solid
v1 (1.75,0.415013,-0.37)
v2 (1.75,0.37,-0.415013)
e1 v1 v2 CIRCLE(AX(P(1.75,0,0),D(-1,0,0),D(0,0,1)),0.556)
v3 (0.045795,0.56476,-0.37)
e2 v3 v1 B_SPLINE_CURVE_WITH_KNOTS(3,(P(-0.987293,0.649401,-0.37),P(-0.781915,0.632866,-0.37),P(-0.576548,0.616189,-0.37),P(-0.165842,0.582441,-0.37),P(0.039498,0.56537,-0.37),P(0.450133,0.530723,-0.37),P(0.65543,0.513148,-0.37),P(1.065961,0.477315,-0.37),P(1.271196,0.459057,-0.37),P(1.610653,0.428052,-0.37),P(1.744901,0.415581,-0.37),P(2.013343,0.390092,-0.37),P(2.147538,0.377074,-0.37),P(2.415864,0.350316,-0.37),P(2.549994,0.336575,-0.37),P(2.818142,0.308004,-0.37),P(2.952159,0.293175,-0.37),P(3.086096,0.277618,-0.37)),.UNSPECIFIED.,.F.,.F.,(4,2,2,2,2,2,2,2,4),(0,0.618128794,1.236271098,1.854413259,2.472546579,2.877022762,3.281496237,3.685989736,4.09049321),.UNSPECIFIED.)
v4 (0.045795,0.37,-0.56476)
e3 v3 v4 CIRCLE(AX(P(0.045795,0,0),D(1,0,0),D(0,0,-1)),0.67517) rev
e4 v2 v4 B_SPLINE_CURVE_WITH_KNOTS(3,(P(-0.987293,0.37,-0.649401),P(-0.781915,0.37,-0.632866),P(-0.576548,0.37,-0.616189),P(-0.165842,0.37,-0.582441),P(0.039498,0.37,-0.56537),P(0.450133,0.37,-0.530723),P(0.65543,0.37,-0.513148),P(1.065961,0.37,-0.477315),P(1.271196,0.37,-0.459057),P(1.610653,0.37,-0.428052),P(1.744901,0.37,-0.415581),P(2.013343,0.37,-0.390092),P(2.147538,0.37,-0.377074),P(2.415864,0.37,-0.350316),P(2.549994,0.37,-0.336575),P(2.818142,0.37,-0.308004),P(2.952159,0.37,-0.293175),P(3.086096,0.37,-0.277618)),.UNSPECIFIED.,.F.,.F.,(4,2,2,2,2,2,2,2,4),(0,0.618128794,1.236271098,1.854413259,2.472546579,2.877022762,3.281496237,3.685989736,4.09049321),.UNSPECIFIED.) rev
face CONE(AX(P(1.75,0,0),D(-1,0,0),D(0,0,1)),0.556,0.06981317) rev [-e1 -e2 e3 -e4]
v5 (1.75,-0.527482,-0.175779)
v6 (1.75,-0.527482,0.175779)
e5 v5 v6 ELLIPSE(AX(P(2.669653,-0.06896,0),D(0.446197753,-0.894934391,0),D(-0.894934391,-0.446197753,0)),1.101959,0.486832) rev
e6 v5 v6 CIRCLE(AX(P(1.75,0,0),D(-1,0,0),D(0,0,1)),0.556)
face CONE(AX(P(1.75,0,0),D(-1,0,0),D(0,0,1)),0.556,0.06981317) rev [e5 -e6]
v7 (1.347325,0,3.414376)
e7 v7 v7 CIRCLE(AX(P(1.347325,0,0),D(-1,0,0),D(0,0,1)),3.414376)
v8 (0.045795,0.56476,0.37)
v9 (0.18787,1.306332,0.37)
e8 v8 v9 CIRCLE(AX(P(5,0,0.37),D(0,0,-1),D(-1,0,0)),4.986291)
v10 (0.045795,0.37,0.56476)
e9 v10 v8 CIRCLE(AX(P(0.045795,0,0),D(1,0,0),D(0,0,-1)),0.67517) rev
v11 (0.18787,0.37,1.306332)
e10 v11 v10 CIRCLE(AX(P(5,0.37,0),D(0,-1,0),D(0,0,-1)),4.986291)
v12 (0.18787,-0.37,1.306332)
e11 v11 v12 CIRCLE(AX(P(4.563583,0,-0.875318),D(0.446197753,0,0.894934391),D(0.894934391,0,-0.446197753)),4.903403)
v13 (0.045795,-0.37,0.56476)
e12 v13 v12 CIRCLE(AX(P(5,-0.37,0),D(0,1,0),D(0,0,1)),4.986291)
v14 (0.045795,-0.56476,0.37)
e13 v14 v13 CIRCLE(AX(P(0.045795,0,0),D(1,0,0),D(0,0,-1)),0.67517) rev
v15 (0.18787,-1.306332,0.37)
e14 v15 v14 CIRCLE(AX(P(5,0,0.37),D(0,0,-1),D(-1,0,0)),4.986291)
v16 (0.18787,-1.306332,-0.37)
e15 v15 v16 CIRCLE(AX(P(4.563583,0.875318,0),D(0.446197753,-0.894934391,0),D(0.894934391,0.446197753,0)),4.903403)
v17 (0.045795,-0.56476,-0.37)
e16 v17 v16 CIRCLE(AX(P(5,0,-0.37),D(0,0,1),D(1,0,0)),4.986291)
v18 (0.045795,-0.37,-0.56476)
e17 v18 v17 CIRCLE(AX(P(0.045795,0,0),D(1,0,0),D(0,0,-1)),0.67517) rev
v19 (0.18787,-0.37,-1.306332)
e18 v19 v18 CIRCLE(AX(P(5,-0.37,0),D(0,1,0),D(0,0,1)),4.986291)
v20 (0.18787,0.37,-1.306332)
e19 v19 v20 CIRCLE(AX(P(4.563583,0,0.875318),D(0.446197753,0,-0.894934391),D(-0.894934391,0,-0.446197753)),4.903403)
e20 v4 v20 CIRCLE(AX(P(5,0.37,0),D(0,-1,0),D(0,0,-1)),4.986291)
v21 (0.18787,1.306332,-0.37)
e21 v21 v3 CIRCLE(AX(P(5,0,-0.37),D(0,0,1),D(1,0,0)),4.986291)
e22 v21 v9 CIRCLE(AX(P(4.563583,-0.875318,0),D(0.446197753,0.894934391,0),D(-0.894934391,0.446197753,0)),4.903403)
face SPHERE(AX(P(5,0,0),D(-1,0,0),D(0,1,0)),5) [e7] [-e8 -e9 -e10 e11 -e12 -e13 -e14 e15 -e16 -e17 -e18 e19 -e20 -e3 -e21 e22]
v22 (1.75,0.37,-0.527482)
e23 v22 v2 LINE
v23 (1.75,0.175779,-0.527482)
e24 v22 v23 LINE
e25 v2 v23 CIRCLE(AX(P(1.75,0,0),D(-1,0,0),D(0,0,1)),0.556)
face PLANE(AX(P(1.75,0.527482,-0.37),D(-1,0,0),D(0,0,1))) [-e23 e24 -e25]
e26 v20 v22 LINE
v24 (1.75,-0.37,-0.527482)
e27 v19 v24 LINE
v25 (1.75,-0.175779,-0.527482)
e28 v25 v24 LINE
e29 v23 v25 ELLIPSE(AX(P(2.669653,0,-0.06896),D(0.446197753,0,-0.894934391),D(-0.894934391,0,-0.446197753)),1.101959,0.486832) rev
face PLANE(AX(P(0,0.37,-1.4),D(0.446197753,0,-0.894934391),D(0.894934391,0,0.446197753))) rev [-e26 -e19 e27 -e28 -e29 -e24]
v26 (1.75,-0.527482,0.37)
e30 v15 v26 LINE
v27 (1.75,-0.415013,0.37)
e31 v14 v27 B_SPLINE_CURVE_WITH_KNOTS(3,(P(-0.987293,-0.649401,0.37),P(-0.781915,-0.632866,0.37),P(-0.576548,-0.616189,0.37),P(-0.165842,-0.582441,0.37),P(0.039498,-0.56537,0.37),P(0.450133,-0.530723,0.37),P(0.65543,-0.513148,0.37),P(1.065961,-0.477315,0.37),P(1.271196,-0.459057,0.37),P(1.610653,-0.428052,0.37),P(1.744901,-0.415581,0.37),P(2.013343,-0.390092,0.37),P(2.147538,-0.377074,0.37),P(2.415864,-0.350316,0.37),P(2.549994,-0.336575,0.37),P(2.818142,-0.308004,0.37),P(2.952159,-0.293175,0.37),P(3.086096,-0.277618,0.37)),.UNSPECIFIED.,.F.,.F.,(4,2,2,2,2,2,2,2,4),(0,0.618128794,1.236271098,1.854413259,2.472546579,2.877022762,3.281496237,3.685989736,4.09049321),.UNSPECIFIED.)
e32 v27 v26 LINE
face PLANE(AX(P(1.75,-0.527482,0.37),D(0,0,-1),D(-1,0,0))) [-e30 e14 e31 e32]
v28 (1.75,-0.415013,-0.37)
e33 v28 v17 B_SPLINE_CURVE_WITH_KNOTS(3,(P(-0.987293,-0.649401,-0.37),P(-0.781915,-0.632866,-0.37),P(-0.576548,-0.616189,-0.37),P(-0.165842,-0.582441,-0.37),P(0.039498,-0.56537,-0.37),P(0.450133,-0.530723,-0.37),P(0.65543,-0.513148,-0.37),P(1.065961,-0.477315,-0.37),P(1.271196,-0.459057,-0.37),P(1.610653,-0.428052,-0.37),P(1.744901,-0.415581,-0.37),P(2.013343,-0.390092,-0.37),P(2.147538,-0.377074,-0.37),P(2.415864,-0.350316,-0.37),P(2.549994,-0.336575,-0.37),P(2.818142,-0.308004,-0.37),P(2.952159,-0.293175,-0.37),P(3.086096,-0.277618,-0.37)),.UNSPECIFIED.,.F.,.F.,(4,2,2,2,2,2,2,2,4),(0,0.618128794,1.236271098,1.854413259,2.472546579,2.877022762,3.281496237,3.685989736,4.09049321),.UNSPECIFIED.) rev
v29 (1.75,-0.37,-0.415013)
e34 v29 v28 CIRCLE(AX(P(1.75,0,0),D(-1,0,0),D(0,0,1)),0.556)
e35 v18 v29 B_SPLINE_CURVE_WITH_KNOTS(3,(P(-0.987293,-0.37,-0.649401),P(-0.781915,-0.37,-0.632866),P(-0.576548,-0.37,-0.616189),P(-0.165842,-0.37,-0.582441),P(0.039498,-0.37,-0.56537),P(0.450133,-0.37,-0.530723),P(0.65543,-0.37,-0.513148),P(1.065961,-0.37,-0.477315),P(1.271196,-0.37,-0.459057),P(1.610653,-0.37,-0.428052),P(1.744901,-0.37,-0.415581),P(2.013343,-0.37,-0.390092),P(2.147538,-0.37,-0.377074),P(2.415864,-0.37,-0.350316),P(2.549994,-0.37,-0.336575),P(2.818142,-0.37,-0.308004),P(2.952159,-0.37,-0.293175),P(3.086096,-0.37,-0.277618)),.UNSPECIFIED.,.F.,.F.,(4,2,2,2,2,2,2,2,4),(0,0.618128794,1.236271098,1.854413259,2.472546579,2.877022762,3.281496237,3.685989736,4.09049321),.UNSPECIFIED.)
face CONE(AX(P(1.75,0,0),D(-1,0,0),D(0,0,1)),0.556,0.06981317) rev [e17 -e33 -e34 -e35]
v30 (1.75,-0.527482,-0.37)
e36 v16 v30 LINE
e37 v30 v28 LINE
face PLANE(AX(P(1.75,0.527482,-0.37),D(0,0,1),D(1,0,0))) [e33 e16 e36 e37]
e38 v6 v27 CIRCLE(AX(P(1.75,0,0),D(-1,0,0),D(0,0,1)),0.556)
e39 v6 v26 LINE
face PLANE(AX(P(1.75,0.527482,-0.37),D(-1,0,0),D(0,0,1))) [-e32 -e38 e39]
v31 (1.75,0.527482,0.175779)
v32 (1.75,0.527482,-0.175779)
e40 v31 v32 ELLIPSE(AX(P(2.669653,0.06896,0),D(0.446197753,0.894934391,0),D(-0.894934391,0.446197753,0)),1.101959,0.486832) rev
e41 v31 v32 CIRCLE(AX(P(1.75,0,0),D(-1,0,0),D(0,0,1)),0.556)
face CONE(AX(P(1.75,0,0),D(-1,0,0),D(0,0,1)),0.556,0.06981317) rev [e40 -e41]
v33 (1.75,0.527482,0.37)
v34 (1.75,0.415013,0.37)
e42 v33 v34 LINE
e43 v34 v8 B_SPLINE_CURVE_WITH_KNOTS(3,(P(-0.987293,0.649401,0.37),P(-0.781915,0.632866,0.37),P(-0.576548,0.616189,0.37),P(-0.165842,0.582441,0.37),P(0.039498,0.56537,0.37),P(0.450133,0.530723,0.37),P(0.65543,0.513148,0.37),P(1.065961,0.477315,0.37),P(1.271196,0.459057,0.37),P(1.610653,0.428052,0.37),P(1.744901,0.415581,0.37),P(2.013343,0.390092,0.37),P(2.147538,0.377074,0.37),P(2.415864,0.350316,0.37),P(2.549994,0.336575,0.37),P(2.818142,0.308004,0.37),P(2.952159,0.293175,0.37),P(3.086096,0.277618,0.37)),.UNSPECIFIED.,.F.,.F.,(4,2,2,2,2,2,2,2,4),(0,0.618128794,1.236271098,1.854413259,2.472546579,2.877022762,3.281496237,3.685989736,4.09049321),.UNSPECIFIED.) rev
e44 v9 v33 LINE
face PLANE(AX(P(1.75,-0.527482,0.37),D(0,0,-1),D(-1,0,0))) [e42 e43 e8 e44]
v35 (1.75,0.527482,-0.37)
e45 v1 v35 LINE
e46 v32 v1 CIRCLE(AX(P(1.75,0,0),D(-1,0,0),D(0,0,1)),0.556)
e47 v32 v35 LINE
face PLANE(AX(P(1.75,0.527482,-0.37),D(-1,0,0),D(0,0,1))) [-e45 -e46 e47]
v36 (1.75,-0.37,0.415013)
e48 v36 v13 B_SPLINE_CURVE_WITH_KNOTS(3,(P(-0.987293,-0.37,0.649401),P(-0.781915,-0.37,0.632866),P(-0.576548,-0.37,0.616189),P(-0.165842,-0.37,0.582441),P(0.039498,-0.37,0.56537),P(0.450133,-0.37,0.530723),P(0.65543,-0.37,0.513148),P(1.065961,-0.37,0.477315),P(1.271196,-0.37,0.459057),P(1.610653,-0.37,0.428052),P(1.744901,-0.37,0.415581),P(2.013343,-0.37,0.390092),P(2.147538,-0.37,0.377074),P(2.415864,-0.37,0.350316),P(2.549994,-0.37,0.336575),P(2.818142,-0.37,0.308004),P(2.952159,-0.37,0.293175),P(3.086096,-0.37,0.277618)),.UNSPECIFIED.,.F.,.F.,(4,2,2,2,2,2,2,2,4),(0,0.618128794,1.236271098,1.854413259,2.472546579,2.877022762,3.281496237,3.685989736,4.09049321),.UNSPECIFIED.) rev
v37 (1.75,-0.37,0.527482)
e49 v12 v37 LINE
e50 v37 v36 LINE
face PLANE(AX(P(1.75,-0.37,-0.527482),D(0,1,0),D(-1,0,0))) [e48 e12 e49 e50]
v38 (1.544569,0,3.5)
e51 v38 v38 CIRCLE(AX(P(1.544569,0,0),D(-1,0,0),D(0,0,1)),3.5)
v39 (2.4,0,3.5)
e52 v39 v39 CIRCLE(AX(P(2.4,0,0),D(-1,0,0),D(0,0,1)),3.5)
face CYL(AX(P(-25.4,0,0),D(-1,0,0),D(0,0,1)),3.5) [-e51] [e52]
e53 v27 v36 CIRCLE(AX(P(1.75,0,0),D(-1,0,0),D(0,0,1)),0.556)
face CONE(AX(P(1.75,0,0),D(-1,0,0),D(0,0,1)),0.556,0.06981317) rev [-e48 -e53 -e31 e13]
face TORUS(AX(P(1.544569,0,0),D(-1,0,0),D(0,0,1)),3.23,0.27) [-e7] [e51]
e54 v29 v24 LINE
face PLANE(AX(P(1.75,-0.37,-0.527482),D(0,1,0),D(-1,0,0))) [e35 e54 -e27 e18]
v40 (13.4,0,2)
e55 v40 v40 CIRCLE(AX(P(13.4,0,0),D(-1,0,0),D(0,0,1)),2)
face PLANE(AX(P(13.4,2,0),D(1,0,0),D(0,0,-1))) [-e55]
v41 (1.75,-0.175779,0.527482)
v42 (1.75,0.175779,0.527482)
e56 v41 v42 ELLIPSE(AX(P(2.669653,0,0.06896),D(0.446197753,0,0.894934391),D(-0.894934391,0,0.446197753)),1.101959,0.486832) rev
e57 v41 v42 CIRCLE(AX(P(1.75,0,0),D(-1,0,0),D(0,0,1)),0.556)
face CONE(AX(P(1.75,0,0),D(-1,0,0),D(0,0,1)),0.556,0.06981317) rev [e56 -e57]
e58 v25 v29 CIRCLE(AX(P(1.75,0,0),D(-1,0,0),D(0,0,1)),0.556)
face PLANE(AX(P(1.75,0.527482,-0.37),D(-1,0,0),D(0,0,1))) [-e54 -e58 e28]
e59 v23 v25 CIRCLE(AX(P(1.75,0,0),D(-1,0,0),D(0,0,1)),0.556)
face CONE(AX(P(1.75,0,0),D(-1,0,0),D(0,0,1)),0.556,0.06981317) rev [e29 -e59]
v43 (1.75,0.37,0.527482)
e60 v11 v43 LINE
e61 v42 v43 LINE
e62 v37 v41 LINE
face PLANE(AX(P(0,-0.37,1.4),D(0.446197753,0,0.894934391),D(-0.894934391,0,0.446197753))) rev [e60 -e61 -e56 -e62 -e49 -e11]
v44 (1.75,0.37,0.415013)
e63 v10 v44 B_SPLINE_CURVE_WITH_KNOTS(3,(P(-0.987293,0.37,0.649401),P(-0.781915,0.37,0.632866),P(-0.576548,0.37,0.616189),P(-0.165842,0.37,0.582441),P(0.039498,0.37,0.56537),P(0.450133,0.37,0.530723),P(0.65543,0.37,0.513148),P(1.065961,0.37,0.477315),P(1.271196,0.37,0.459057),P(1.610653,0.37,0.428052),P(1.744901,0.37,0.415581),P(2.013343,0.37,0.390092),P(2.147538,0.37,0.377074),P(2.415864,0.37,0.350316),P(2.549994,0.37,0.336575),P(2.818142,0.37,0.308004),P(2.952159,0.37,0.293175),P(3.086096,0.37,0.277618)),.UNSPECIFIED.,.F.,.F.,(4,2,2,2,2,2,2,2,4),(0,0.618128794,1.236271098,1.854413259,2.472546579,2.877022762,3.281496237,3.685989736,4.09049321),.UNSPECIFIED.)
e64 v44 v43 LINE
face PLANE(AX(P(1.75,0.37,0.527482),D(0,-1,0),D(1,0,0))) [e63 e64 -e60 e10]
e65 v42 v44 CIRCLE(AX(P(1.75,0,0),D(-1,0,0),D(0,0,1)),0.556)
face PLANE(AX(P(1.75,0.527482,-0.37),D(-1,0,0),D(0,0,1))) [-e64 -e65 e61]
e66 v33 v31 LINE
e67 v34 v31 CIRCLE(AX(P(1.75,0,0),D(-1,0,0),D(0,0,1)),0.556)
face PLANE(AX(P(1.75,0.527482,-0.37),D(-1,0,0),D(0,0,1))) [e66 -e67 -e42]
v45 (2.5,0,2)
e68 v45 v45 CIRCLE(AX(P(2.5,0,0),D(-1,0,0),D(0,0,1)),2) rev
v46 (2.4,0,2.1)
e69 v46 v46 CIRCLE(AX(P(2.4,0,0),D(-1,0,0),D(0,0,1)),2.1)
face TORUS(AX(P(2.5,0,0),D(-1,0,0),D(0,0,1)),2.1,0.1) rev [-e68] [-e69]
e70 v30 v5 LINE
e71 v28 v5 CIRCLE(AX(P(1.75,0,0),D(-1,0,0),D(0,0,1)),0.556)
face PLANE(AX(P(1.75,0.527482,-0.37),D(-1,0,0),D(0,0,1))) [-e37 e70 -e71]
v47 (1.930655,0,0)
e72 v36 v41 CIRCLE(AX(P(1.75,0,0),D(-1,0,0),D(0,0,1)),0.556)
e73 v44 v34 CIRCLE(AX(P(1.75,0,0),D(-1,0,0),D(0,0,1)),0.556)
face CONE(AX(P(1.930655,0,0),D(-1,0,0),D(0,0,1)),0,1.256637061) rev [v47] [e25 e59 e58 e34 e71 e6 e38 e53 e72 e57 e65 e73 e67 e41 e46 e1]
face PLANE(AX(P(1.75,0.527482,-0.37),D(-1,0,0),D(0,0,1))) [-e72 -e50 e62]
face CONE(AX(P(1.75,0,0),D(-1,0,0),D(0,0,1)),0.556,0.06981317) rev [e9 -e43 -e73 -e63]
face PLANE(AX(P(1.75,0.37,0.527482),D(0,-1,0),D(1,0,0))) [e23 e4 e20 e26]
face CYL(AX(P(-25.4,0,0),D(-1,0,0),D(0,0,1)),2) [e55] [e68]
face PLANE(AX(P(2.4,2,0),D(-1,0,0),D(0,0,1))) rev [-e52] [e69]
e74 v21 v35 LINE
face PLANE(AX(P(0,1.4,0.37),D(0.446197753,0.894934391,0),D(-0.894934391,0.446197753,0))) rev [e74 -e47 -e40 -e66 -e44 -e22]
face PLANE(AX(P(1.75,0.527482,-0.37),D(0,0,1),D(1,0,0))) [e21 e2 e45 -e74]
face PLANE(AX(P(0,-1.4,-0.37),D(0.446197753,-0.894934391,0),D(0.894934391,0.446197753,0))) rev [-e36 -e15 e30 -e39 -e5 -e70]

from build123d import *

# Parameters (mm, degrees)
FILLET1_R    = 0.1
RECPAT_COUNT = 2
RECPAT_ANGLE = 90


with BuildPart() as part:
    # BodySke → Base-Revolve (revolve)
    with BuildSketch(Plane.XY, mode=Mode.PRIVATE) as base_revolve_sk:
        with BuildLine():
            Line((2.4, 2), (2.4, 3.5))
            Line((2.4, 3.5), (1.544569491, 3.5))
            ThreePointArc((1.544569491, 3.5), (1.437055787, 3.477670756), (1.347325044, 3.414376321))
            ThreePointArc((1.347325044, 3.414376321), (0.349012213, 1.835296327), (0, 0))
            Line((0, 0), (13.4, 0))
            Line((13.4, 0), (13.4, 2))
            Line((13.4, 2), (2.4, 2))
        make_face()
    revolve(base_revolve_sk.sketch.rotate(Axis((1.544569491, 0, 0), (1, 0, 0)), 90), axis=Axis((1.544569491, 0, 0), (1, 0, 0)))

    # Fillet1
    fillet1_edges = [part.edges().sort_by_distance(p)[0] for p in [
        (2.4, 0, -2),
    ]]
    fillet(fillet1_edges, radius=FILLET1_R)

    # Sketch3 → Recess section 0
    with BuildSketch(Plane(origin=(0, 0, 0), x_dir=(0, 0, -1), z_dir=(1, 0, 0))):
        with BuildLine():
            Line((0.37, -1.4), (-0.37, -1.4))
            Line((-0.37, -1.4), (-0.37, 1.4))
            Line((-0.37, 1.4), (0.37, 1.4))
            Line((0.37, 1.4), (0.37, -1.4))
        make_face()
    # Sketch4 → Recess section 1
    with BuildSketch(Plane(origin=(1.75, 0, 0), x_dir=(0, 0, -1), z_dir=(1, 0, 0))):
        with BuildLine():
            Line((0.37, -0.527482332), (-0.37, -0.527482332))
            Line((-0.37, -0.527482332), (-0.37, 0.527482332))
            Line((-0.37, 0.527482332), (0.37, 0.527482332))
            Line((0.37, 0.527482332), (0.37, -0.527482332))
        make_face()
    recess = loft(mode=Mode.SUBTRACT)

    # RecPat: Recess ×2 about axis
    recpat_axis = Axis((0, 0, 0), (1, 0, 0))
    for i in range(1, RECPAT_COUNT):
        add(recess.rotate(recpat_axis, i * RECPAT_ANGLE / (RECPAT_COUNT - 1)), mode=Mode.SUBTRACT)

    # RecCorSke → RecessCore (revolve, cut)
    with BuildSketch(Plane.XY, mode=Mode.PRIVATE) as recesscore_sk:
        Polygon((0, 0), (0, 0.678371921), (1.75, 0.556), (1.930655351, 0), align=None)
    revolve(recesscore_sk.sketch.rotate(Axis((-3.175, 0, 0), (1, 0, 0)), 15.814025638), axis=Axis((-3.175, 0, 0), (1, 0, 0)), mode=Mode.SUBTRACT)


solid = part.part
